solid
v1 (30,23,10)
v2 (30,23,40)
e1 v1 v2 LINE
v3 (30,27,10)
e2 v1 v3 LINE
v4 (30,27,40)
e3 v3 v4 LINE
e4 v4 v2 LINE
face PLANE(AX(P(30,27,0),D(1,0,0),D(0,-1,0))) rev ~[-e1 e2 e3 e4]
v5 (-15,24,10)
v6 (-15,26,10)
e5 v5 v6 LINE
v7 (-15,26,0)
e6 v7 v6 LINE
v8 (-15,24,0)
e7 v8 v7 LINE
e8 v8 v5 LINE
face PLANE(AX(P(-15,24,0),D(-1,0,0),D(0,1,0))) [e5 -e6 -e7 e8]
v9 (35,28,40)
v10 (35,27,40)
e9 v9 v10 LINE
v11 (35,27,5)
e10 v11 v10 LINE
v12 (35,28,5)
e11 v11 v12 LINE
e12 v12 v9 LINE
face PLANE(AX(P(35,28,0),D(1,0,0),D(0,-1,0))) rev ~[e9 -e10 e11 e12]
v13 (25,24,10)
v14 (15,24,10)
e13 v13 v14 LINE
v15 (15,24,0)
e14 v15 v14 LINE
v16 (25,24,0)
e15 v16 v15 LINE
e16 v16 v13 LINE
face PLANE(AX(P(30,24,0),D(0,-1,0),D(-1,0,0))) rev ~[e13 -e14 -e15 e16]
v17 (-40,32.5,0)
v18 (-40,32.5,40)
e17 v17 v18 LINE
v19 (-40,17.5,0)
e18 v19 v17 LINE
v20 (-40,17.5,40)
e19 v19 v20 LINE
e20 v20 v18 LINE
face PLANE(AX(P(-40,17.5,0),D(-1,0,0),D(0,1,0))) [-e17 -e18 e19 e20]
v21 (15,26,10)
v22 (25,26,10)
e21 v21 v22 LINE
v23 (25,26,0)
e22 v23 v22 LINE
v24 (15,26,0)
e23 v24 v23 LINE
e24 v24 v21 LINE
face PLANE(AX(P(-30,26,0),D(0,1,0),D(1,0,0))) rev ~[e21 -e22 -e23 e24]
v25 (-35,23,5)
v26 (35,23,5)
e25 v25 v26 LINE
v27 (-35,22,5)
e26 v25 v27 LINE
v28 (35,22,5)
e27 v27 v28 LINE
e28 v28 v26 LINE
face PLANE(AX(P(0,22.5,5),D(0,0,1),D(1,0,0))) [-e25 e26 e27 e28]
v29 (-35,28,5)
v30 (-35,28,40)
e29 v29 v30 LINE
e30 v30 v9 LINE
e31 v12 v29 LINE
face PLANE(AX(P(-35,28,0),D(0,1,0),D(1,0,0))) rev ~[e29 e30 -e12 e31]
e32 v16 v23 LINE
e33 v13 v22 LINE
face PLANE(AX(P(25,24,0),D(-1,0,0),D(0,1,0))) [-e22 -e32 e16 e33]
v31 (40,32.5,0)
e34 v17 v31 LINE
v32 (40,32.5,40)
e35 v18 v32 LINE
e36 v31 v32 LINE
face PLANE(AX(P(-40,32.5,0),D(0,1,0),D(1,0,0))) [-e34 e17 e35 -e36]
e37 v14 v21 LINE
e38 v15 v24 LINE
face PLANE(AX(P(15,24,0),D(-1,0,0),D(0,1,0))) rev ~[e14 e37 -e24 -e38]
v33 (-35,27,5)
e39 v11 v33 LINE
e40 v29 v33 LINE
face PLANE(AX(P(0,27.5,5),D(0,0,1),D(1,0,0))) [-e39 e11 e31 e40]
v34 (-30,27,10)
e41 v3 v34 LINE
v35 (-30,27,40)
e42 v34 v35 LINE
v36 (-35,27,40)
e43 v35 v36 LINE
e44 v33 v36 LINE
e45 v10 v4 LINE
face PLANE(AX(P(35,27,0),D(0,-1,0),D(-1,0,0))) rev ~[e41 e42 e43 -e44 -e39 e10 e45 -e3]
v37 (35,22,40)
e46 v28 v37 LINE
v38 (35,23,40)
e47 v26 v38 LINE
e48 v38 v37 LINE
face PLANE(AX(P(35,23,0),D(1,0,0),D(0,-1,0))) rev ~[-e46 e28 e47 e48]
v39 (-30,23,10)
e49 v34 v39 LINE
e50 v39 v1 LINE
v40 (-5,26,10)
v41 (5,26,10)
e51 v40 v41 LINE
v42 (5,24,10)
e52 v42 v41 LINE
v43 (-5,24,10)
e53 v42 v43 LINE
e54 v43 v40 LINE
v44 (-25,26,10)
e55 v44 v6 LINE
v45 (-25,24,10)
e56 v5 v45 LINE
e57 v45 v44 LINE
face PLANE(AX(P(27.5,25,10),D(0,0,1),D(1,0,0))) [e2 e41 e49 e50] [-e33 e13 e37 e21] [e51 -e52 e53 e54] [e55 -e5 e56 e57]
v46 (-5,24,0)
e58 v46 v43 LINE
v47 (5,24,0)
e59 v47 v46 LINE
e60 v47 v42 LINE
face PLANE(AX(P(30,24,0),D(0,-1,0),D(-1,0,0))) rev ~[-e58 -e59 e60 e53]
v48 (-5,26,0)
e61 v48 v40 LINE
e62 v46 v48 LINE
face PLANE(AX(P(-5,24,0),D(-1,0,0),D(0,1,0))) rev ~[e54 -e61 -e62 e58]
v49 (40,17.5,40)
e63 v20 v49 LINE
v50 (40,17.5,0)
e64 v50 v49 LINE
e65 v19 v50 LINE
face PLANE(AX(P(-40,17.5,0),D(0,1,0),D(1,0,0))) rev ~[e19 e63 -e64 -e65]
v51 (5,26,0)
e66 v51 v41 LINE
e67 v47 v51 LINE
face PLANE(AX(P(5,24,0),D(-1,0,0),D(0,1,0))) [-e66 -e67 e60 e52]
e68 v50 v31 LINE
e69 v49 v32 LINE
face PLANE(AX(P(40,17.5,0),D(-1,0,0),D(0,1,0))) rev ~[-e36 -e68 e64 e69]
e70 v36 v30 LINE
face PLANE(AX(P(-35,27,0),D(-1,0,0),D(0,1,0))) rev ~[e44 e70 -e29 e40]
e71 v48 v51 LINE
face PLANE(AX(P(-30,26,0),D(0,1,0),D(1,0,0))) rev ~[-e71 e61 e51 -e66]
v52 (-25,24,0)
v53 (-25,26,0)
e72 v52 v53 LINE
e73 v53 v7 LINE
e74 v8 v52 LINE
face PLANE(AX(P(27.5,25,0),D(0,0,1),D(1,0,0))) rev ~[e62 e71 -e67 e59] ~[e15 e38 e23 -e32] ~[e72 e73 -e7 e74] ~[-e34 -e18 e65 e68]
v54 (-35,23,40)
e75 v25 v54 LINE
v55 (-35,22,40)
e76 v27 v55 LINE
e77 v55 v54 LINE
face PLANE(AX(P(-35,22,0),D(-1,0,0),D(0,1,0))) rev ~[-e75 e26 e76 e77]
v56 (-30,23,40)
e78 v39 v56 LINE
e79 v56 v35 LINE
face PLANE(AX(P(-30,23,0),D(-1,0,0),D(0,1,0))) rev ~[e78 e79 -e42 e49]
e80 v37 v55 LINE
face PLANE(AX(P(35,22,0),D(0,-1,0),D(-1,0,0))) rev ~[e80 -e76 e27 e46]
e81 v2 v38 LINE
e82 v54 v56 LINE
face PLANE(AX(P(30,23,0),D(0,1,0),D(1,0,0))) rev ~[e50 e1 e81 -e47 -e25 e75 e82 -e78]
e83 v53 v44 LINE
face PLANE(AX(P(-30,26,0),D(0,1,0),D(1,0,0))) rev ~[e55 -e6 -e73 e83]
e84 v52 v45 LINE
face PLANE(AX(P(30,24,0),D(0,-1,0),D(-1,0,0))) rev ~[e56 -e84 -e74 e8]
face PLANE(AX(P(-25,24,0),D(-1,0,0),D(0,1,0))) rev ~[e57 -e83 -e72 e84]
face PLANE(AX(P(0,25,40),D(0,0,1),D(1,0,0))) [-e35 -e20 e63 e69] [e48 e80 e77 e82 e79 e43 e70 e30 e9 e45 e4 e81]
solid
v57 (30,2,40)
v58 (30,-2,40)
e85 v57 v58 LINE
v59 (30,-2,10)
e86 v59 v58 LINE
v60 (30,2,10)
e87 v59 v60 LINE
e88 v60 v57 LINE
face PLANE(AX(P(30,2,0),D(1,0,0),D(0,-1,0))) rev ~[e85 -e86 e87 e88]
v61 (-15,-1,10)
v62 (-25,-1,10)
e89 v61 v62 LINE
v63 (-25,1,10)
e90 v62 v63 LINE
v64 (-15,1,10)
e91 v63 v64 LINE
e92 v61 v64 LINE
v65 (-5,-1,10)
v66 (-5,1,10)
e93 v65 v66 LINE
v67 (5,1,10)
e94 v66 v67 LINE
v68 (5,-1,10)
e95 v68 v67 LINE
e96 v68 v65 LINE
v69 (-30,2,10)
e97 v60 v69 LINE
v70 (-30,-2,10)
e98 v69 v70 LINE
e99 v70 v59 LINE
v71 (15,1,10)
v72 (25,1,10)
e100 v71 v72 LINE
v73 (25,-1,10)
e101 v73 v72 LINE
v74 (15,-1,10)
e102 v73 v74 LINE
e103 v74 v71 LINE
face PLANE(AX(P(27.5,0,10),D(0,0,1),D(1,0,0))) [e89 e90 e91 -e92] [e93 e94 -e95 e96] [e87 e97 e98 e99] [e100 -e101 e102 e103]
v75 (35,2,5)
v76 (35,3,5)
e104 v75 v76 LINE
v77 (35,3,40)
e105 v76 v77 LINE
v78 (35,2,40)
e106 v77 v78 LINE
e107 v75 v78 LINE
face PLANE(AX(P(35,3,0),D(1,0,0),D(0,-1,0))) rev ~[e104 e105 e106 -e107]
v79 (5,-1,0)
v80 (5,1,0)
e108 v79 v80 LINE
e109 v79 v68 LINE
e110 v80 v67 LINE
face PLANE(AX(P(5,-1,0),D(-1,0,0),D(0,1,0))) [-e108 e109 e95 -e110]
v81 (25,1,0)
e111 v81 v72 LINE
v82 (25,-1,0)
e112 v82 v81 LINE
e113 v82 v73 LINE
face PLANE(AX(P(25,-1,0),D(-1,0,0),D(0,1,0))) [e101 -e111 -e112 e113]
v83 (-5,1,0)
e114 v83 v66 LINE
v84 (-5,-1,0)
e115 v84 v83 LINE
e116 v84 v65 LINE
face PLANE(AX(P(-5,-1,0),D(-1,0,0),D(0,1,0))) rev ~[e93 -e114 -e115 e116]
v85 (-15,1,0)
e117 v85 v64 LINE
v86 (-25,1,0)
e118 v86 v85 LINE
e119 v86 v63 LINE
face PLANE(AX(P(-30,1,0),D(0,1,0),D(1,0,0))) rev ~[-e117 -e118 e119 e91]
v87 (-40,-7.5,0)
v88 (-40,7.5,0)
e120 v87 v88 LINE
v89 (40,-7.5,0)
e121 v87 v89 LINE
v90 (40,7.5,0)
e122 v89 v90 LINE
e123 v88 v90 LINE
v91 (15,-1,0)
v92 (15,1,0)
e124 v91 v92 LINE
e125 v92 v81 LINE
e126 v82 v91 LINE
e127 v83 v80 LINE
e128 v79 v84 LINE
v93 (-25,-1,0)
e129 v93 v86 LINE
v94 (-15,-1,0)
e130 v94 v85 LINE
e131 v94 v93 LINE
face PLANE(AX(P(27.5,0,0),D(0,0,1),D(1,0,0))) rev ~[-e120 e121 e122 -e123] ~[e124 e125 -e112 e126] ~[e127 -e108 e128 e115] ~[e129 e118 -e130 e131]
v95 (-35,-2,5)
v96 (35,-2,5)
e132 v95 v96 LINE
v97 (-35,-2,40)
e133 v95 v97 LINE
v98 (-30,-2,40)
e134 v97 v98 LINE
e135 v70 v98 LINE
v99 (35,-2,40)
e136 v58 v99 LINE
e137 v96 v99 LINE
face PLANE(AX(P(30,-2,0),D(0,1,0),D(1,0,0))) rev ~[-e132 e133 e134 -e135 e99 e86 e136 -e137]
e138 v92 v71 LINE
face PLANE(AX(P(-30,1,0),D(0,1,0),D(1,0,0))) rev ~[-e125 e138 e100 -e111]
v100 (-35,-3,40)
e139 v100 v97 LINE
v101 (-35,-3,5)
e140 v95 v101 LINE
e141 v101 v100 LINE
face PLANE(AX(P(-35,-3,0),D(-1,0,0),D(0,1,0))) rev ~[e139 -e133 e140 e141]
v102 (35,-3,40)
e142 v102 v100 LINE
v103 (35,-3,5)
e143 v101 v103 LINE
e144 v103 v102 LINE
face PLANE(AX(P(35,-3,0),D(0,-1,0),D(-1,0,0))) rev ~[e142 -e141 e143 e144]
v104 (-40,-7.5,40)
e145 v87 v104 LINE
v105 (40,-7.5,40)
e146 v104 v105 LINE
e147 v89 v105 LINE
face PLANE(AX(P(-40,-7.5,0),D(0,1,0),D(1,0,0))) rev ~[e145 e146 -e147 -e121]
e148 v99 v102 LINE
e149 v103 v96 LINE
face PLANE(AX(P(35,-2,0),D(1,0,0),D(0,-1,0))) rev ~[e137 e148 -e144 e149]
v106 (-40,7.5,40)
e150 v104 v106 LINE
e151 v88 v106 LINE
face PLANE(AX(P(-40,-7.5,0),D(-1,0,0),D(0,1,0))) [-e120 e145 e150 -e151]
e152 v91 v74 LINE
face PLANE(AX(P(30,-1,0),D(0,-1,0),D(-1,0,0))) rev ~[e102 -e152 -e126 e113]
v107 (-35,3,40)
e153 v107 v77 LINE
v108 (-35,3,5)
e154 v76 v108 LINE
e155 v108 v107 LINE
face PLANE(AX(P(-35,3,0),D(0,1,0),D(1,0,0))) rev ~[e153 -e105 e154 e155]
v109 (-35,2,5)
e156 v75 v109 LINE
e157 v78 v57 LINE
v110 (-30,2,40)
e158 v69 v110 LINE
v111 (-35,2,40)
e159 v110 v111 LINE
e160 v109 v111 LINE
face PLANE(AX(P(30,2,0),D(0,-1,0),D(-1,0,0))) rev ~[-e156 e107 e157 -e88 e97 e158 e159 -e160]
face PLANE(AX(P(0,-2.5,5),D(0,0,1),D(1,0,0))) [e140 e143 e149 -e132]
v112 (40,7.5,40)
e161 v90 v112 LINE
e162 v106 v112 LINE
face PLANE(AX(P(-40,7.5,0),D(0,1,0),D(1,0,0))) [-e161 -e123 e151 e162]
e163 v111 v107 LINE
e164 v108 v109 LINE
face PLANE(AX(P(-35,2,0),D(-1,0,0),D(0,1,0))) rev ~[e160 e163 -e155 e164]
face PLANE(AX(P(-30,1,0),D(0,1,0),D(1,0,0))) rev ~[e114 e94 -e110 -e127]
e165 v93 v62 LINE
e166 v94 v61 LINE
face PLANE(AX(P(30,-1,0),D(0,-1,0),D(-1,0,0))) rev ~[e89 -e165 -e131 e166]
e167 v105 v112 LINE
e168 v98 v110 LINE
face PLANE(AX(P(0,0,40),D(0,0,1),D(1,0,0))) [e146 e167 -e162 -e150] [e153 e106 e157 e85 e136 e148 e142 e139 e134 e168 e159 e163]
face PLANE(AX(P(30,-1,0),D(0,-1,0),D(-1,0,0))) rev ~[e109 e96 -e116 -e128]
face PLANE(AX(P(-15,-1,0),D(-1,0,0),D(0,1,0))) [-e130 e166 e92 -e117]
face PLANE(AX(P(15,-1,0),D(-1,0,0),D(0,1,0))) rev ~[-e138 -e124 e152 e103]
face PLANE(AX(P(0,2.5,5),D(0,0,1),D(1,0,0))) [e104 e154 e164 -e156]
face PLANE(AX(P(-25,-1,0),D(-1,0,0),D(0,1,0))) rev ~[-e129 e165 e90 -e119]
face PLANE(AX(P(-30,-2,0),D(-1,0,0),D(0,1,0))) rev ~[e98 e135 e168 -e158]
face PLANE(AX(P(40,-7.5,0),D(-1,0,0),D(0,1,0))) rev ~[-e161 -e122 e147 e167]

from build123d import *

# Parameters (mm, degrees)
F0_W     = 80
F0_H     = 15
F1_DEPTH = 40
F2_DEPTH = 5
F3_DEPTH = 10
F0_W_2   = 5
F0_H_2   = 2
F0_W_3   = 10
F4_DEPTH = 10


with BuildPart() as f1:
    # F0 (on Top) → F1 (new body)
    with BuildSketch(Plane.XY):
        Rectangle(F0_W, F0_H)
        Polygon((-35, 3), (35, 3), (35, 2), (30, 2), (30, 1), (30, -1), (30, -2), (35, -2), (35, -3), (-35, -3), (-35, -2), (-30, -2), (-30, -1), (-30, 1), (-30, 2), (-35, 2), align=None, mode=Mode.SUBTRACT)
    extrude(amount=F1_DEPTH)

    # F0 (on Top) → F2, piece 2 (join)
    with BuildSketch(Plane.XY):
        Polygon((35, 2), (35, 3), (-35, 3), (-35, 2), (-30, 2), (30, 2), align=None)
        Polygon((35, -2), (30, -2), (-30, -2), (-35, -2), (-35, -3), (35, -3), align=None)
    extrude(amount=F2_DEPTH)

    # F0 (on Top) → F3 (join)
    with BuildSketch(Plane.XY):
        Polygon((30, 1), (30, 2), (-30, 2), (-30, 1), (-25, 1), (-15, 1), (-5, 1), (5, 1), (15, 1), (25, 1), align=None)
        Polygon((30, -2), (30, -1), (25, -1), (15, -1), (5, -1), (-5, -1), (-15, -1), (-25, -1), (-30, -1), (-30, -2), align=None)
    extrude(amount=F3_DEPTH)

    # F0 (on Top) → F4, piece 2 (join)
    with BuildSketch(Plane.XY):
        with Locations((27.5, 0)):
            Rectangle(F0_W_2, F0_H_2)
        with Locations((10, 0)):
            Rectangle(F0_W_3, F0_H_2)
        with Locations((-10, 0)):
            Rectangle(F0_W_3, F0_H_2)
        with Locations((-27.5, 0)):
            Rectangle(F0_W_2, F0_H_2)
    extrude(amount=F4_DEPTH)


with BuildPart() as f1b:
    # F0 (on Top) → F1, piece 2 (new body)
    with BuildSketch(Plane.XY):
        with Locations((0, 25)):
            Rectangle(F0_W, F0_H)
        Polygon((-35, 28), (35, 28), (35, 27), (30, 27), (30, 26), (30, 24), (30, 23), (35, 23), (35, 22), (-35, 22), (-35, 23), (-30, 23), (-30, 24), (-30, 26), (-30, 27), (-35, 27), align=None, mode=Mode.SUBTRACT)
    extrude(amount=F1_DEPTH)

    # F0 (on Top) → F2 (join)
    with BuildSketch(Plane.XY):
        Polygon((35, 23), (30, 23), (-30, 23), (-35, 23), (-35, 22), (35, 22), align=None)
        Polygon((35, 27), (35, 28), (-35, 28), (-35, 27), (-30, 27), (30, 27), align=None)
    extrude(amount=F2_DEPTH)

    # F0 (on Top) → F3, piece 2 (join)
    with BuildSketch(Plane.XY):
        Polygon((30, 23), (30, 24), (25, 24), (15, 24), (5, 24), (-5, 24), (-15, 24), (-25, 24), (-30, 24), (-30, 23), align=None)
        Polygon((30, 26), (30, 27), (-30, 27), (-30, 26), (-25, 26), (-15, 26), (-5, 26), (5, 26), (15, 26), (25, 26), align=None)
    extrude(amount=F3_DEPTH)

    # F0 (on Top) → F4 (join)
    with BuildSketch(Plane.XY):
        with Locations((27.5, 25)):
            Rectangle(F0_W_2, F0_H_2)
        with Locations((10, 25)):
            Rectangle(F0_W_3, F0_H_2)
        with Locations((-10, 25)):
            Rectangle(F0_W_3, F0_H_2)
        with Locations((-27.5, 25)):
            Rectangle(F0_W_2, F0_H_2)
    extrude(amount=F4_DEPTH)


solid = Compound([f1.part, f1b.part])
